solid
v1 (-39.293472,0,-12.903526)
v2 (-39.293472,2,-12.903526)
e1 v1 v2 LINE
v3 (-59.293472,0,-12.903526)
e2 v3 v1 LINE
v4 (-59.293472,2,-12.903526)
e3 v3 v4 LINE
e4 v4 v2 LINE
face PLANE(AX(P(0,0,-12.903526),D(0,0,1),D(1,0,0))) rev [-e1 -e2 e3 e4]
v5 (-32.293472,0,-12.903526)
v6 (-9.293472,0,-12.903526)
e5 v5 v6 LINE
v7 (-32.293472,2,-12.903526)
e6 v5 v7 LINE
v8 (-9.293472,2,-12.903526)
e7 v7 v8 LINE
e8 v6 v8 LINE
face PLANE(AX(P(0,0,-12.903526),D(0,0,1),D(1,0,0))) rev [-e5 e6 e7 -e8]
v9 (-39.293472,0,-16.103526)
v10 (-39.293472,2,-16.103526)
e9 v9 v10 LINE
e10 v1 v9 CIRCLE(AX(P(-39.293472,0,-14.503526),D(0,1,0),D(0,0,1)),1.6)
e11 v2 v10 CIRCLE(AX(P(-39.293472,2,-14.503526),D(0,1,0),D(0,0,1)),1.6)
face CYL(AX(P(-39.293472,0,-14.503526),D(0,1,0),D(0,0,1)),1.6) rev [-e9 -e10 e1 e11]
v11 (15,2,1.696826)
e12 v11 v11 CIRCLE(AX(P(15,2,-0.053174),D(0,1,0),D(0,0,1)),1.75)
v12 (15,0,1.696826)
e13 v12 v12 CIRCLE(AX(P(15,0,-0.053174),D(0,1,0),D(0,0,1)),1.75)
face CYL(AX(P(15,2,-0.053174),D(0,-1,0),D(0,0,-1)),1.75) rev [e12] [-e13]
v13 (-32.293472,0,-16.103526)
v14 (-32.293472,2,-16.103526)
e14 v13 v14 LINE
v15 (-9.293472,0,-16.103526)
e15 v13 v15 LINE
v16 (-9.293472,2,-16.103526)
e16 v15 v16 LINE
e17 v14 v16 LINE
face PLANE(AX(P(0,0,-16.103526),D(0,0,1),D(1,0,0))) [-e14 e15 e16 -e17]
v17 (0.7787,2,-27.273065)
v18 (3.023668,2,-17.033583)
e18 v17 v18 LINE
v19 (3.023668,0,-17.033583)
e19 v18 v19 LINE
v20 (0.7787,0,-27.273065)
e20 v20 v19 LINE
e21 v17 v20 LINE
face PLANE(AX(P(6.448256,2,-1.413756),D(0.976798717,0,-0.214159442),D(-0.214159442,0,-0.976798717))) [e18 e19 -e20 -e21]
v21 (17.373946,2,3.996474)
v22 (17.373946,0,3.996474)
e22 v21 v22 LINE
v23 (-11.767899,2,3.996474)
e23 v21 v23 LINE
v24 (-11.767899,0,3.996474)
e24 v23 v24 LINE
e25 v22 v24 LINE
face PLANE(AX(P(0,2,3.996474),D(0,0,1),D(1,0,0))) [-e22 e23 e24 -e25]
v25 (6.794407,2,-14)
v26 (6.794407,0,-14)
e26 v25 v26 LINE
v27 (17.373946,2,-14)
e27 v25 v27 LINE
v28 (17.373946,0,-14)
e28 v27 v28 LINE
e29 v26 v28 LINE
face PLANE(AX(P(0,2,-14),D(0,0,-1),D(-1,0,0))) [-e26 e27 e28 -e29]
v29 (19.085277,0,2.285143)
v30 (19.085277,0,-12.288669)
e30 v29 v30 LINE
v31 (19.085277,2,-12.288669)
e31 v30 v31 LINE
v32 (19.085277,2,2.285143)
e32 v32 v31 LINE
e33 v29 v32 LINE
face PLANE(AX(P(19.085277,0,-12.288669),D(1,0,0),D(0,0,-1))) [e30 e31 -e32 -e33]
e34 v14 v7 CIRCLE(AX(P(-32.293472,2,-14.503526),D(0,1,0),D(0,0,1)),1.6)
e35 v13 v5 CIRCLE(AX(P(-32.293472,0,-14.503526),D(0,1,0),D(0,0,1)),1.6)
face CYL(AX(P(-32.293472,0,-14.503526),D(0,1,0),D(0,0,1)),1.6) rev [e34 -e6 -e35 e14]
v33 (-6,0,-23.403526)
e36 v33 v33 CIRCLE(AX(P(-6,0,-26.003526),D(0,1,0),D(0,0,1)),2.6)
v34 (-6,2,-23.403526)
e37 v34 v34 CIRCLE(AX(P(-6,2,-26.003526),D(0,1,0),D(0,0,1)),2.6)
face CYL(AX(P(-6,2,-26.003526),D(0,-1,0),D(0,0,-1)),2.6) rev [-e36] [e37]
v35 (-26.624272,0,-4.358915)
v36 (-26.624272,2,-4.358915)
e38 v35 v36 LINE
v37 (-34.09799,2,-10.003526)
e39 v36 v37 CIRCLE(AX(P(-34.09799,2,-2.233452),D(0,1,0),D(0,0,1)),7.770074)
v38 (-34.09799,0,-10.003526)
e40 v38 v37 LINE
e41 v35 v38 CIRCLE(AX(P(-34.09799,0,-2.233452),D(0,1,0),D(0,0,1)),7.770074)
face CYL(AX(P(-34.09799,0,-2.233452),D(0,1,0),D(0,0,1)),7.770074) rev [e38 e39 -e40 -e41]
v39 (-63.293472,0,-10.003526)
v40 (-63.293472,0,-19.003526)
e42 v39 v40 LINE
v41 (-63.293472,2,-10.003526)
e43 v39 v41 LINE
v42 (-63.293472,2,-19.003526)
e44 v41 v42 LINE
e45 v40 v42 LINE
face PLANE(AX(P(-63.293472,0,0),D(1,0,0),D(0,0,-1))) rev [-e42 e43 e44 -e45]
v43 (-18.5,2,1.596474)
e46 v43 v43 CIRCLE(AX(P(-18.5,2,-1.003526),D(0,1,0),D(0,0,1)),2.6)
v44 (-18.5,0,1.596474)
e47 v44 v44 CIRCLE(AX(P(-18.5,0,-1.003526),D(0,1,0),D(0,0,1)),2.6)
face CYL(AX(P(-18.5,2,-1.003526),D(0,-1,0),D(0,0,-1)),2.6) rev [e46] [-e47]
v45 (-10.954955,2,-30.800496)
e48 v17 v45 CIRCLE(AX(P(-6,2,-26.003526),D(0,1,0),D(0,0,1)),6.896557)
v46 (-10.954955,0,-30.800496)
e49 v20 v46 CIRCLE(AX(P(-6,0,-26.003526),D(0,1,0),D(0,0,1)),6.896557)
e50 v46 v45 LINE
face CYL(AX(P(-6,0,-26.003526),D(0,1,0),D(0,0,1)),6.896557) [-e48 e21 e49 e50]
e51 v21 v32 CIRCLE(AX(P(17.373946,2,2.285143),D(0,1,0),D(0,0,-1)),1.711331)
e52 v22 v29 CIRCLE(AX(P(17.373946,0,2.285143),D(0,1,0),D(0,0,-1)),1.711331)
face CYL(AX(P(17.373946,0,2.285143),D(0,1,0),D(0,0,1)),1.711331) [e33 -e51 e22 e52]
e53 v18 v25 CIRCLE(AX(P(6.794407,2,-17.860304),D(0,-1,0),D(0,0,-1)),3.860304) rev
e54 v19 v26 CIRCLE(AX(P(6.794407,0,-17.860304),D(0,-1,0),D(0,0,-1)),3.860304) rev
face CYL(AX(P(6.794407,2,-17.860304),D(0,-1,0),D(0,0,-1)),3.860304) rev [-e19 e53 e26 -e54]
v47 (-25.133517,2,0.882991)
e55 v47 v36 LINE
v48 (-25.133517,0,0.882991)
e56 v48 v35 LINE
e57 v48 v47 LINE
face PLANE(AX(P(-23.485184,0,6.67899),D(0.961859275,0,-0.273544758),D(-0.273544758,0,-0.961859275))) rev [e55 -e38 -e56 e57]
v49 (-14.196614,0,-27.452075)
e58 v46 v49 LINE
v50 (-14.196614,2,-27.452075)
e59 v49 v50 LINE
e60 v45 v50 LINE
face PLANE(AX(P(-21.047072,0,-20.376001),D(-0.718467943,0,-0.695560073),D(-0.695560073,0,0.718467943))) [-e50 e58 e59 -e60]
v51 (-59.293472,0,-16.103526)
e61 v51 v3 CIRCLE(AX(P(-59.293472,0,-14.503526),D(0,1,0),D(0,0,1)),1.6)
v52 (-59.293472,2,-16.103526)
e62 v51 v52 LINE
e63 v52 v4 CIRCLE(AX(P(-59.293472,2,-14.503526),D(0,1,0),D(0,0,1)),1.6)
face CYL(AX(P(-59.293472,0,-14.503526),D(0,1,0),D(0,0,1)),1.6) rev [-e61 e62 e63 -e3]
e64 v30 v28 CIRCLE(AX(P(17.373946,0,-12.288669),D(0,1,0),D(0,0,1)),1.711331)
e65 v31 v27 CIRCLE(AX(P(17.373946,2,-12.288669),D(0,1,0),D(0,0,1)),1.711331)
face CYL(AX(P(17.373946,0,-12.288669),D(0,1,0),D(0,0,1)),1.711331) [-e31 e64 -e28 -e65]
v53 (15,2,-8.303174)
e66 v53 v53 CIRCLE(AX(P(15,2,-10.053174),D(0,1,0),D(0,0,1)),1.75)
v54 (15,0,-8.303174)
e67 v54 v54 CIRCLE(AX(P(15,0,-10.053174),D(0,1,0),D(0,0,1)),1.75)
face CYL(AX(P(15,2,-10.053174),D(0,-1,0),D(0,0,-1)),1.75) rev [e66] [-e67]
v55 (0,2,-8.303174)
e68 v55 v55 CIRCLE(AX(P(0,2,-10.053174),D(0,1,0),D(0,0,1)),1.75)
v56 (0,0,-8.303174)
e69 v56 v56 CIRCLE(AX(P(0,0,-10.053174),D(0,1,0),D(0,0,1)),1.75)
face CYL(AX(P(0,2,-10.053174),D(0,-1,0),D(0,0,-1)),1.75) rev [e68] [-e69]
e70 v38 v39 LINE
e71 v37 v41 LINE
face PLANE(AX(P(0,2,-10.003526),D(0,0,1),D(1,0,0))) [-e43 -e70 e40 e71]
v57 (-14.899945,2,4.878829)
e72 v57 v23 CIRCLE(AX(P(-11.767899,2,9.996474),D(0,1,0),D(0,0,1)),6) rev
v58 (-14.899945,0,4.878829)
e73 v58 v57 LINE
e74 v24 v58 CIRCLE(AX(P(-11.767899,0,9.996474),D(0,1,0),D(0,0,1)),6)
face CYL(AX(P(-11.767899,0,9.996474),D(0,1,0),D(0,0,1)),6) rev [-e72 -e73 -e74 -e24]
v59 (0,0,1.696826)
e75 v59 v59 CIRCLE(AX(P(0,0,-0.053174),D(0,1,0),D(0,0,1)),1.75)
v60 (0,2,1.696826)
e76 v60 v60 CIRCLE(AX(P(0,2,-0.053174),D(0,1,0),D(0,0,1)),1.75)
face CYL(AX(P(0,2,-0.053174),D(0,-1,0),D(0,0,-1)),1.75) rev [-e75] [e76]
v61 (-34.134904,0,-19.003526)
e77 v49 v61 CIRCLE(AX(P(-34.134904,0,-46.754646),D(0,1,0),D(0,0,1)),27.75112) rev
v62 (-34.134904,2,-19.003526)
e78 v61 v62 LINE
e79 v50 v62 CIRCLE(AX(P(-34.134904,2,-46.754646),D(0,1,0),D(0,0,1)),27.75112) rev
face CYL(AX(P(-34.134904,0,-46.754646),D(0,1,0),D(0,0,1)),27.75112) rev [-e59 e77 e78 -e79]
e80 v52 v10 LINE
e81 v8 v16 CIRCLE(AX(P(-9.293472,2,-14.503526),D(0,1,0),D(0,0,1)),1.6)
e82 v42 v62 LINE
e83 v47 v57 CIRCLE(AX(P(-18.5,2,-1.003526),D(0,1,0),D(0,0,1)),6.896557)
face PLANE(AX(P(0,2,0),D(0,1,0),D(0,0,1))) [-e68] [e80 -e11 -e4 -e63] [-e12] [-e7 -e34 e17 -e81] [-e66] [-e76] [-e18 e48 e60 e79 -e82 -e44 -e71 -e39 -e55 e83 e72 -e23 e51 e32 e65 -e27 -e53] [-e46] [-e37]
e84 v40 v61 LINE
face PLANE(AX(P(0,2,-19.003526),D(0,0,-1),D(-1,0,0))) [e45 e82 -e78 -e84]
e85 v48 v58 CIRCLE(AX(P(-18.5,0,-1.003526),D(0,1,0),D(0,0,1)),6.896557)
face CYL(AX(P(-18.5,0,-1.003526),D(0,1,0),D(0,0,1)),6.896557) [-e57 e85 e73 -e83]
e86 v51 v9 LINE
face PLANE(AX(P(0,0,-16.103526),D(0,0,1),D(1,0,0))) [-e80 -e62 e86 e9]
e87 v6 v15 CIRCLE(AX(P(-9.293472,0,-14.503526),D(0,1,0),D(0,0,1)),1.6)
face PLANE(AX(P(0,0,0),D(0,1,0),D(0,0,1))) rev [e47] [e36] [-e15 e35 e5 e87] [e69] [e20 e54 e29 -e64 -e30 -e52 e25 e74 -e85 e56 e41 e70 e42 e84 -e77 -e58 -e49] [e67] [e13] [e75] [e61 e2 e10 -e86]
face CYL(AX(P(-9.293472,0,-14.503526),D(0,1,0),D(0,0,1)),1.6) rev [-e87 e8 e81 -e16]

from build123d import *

# Parameters (mm, degrees)
SKETCH_2_R          = 2.6
SKETCH_2_R_2        = 1.75
EXTRUDE_3_DEPTH     = 2
EXTRUDE_START       = -2
SKETCH_3_R          = 2.6
EXTRUDE_4_DEPTH     = 2
EXTRUDE_5_DEPTH     = 2
FILLET_1_R          = 6
CUT_EXTRUDE_1_DEPTH = 2
EXTRUDE_6_DEPTH     = 2
SKETCH_8_W          = 26
SKETCH_8_H          = 9
EXTRUDE_7_DEPTH     = 2


with BuildPart() as part:
    # 草图2 → 凸台-拉伸3 (new body)
    with BuildSketch(Plane(origin=(0, 0, 0), x_dir=(1, 0, 0), z_dir=(0, 1, 0))):
        Polygon((15, 14), (-1.25, 14), (-1.25, 31.003525978), (-10.75, 31.003525978), (-10.75, 19.003525978), (-37.293472201, 19.003525978), (-37.293472201, 10.003525978), (-23.25, 10.003525978), (-23.25, -3.996474022), (-13.75, -3.996474022), (15, -3.996474022), (17.373946176, -3.996474022), (17.373946176, 14), align=None)
        with Locations(Location((-18.5, 1.003525978, 0), (0, 0, 270))):
            Circle(SKETCH_2_R, mode=Mode.SUBTRACT)
        with Locations(Location((0, 0.053173587, 0), (0, 0, 270))):
            Circle(SKETCH_2_R_2, mode=Mode.SUBTRACT)
        with Locations(Location((15, 0.053173587, 0), (0, 0, 270))):
            Circle(SKETCH_2_R_2, mode=Mode.SUBTRACT)
        with Locations(Location((0, 10.053173587, 0), (0, 0, 270))):
            Circle(SKETCH_2_R_2, mode=Mode.SUBTRACT)
        with Locations(Location((15, 10.053173587, 0), (0, 0, 270))):
            Circle(SKETCH_2_R_2, mode=Mode.SUBTRACT)
        with Locations(Location((-6, 26.003525978, 0), (0, 0, 270))):
            Circle(SKETCH_2_R, mode=Mode.SUBTRACT)
    extrude(amount=EXTRUDE_3_DEPTH)

    # 草图3 → 凸台-拉伸4 (add)
    # profile 1 of 9: a face of its own
    with BuildSketch(Plane(origin=(0, 2, 0), x_dir=(1, 0, 0), z_dir=(0, 1, 0)).offset(EXTRUDE_START)):
        with BuildLine():
            Line((-1.25, 31.003525978), (-10.75, 31.003525978))
            Line((-10.75, 31.003525978), (-10.75, 21.003525978))
            ThreePointArc((-10.75, 21.003525978), (-8.557314455, 19.59863388), (-6, 19.106968866))
            ThreePointArc((-6, 19.106968866), (-3.442685545, 19.59863388), (-1.25, 21.003525978))
            Line((-1.25, 21.003525978), (-1.25, 31.003525978))
        make_face()
        with Locations(Location((-6, 26.003525978, 0), (0, 0, 270))):
            Circle(SKETCH_3_R, mode=Mode.SUBTRACT)
    # profile 2 of 9: a face of its own
    with BuildSketch(Plane(origin=(0, 2, 0), x_dir=(1, 0, 0), z_dir=(0, 1, 0)).offset(EXTRUDE_START)):
        with BuildLine():
            ThreePointArc((-10.75, 21.003525978), (-12.895048442, 25.85927974), (-10.9549552, 30.800495747))
            Line((-10.9549552, 30.800495747), (-14.196613842, 27.452074948))
            ThreePointArc((-14.196613842, 27.452074948), (-23.307699904, 21.20281017), (-34.134904, 19.003525978))
            Line((-34.134904, 19.003525978), (-10.75, 19.003525978))
            Line((-10.75, 19.003525978), (-10.75, 21.003525978))
        make_face()
    # profile 3 of 9: a face of its own
    with BuildSketch(Plane(origin=(0, 2, 0), x_dir=(1, 0, 0), z_dir=(0, 1, 0)).offset(EXTRUDE_START)):
        with BuildLine():
            ThreePointArc((-1.25, 31.003525978), (-6, 32.90008309), (-10.75, 31.003525978))
            Line((-10.75, 31.003525978), (-1.25, 31.003525978))
        make_face()
    # profile 4 of 9: a face of its own
    with BuildSketch(Plane(origin=(0, 2, 0), x_dir=(1, 0, 0), z_dir=(0, 1, 0)).offset(EXTRUDE_START)):
        with BuildLine():
            ThreePointArc((0.896557112, 26.003525978), (0.337237027, 28.72417422), (-1.25, 31.003525978))
            Line((-1.25, 31.003525978), (-1.25, 21.003525978))
            ThreePointArc((-1.25, 21.003525978), (0.337237027, 23.282877735), (0.896557112, 26.003525978))
        make_face()
    # profile 5 of 9: a face of its own
    with BuildSketch(Plane(origin=(0, 2, 0), x_dir=(1, 0, 0), z_dir=(0, 1, 0)).offset(EXTRUDE_START)):
        with BuildLine():
            Line((-26.624271801, 4.358914994), (-25.133517426, -0.882991066))
            ThreePointArc((-25.133517426, -0.882991066), (-25.152228686, 2.822963667), (-23.25, 6.003525978))
            Line((-23.25, 6.003525978), (-23.25, 10.003525978))
            Line((-23.25, 10.003525978), (-34.097989538, 10.003525978))
            ThreePointArc((-34.097989538, 10.003525978), (-29.415092732, 8.433817083), (-26.624271801, 4.358914994))
        make_face()
    # profile 6 of 9: a face of its own
    with BuildSketch(Plane(origin=(0, 2, 0), x_dir=(1, 0, 0), z_dir=(0, 1, 0)).offset(EXTRUDE_START)):
        with BuildLine():
            ThreePointArc((-11.603442888, 1.003525978), (-15.779351758, 7.340763005), (-23.25, 6.003525978))
            Line((-23.25, 6.003525978), (-23.25, -3.996474022))
            Line((-23.25, -3.996474022), (-13.75, -3.996474022))
            ThreePointArc((-13.75, -3.996474022), (-12.162762973, -1.717122265), (-11.603442888, 1.003525978))
        make_face()
        with Locations(Location((-18.5, 1.003525978, 0), (0, 0, 270))):
            Circle(SKETCH_3_R, mode=Mode.SUBTRACT)
    # profile 7 of 9: a face of its own
    with BuildSketch(Plane(origin=(0, 2, 0), x_dir=(1, 0, 0), z_dir=(0, 1, 0)).offset(EXTRUDE_START)):
        with BuildLine():
            ThreePointArc((-23.25, 6.003525978), (-25.152228686, 2.822963667), (-25.133517426, -0.882991066))
            ThreePointArc((-25.133517426, -0.882991066), (-24.400810222, -2.566199323), (-23.25, -3.996474022))
            Line((-23.25, -3.996474022), (-23.25, 6.003525978))
        make_face()
    # profile 8 of 9: a face of its own
    with BuildSketch(Plane(origin=(0, 2, 0), x_dir=(1, 0, 0), z_dir=(0, 1, 0)).offset(EXTRUDE_START)):
        with BuildLine():
            Line((-13.75, -3.996474022), (-23.25, -3.996474022))
            ThreePointArc((-23.25, -3.996474022), (-18.5, -5.893031134), (-13.75, -3.996474022))
        make_face()
    # profile 9 of 9: a face of its own
    with BuildSketch(Plane(origin=(0, 2, 0), x_dir=(1, 0, 0), z_dir=(0, 1, 0)).offset(EXTRUDE_START)):
        with BuildLine():
            ThreePointArc((-10.75, 31.003525978), (-10.853539345, 30.903082674), (-10.9549552, 30.800495747))
            ThreePointArc((-10.9549552, 30.800495747), (-12.895048442, 25.85927974), (-10.75, 21.003525978))
            Line((-10.75, 21.003525978), (-10.75, 31.003525978))
        make_face()
    extrude(amount=EXTRUDE_4_DEPTH)

    # 草图4 → 凸台-拉伸5 (add)
    with BuildSketch(Plane.XZ):
        with BuildLine():
            ThreePointArc((-1.25, -21.003525978), (0.561593491, -23.880323006), (0.778699813, -27.273064812))
            Line((0.778699813, -27.273064812), (3.023667629, -17.033583157))
            ThreePointArc((3.023667629, -17.033583157), (4.374639496, -14.852535674), (6.79440726, -14))
            Line((6.79440726, -14), (-1.25, -14))
            Line((-1.25, -14), (-1.25, -21.003525978))
        make_face()
    extrude(amount=-EXTRUDE_5_DEPTH)

    # 圆角1
    fillet_1_edges = [part.edges().sort_by_distance(p)[0] for p in [
        (-13.75, 1, 3.996474022),
    ]]
    fillet(fillet_1_edges, radius=FILLET_1_R)

    # 草图6 → 切除-拉伸1 (cut)
    with BuildSketch(Plane(origin=(0, 2, 0), x_dir=(1, 0, 0), z_dir=(0, 1, 0))):
        with BuildLine():
            Line((-32.293472201, 12.903525978), (-9.293472201, 12.903525978))
            ThreePointArc((-9.293472201, 12.903525978), (-7.693472201, 14.503525978), (-9.293472201, 16.103525978))
            Line((-9.293472201, 16.103525978), (-32.293472201, 16.103525978))
            ThreePointArc((-32.293472201, 16.103525978), (-33.893472201, 14.503525978), (-32.293472201, 12.903525978))
        make_face()
    extrude(amount=-CUT_EXTRUDE_1_DEPTH, mode=Mode.SUBTRACT)

    # 草图7 → 凸台-拉伸6 (add)
    with BuildSketch(Plane(origin=(0, 2, 0), x_dir=(1, 0, 0), z_dir=(0, 1, 0))):
        with BuildLine():
            Line((19.085277426, 12.28866875), (19.085277426, -2.285142773))
            ThreePointArc((19.085277426, -2.285142773), (18.584040107, -3.495236704), (17.373946176, -3.996474022))
            Line((17.373946176, -3.996474022), (17.373946176, 14))
            ThreePointArc((17.373946176, 14), (18.584040107, 13.498762682), (19.085277426, 12.28866875))
        make_face()
    extrude(amount=-EXTRUDE_6_DEPTH)

    # 草图8 → 凸台-拉伸7 (add)
    with BuildSketch(Plane(origin=(0, 2, 0), x_dir=(1, 0, 0), z_dir=(0, 1, 0))):
        with Locations((-50.293472201, 14.503525978)):
            Rectangle(SKETCH_8_W, SKETCH_8_H)
        with BuildLine():
            ThreePointArc((-39.293472201, 12.903525978), (-37.693472201, 14.503525978), (-39.293472201, 16.103525978))
            Line((-39.293472201, 16.103525978), (-59.293472201, 16.103525978))
            ThreePointArc((-59.293472201, 16.103525978), (-60.893472201, 14.503525978), (-59.293472201, 12.903525978))
            Line((-59.293472201, 12.903525978), (-39.293472201, 12.903525978))
        make_face(mode=Mode.SUBTRACT)
    extrude(amount=-EXTRUDE_7_DEPTH)


solid = part.part
